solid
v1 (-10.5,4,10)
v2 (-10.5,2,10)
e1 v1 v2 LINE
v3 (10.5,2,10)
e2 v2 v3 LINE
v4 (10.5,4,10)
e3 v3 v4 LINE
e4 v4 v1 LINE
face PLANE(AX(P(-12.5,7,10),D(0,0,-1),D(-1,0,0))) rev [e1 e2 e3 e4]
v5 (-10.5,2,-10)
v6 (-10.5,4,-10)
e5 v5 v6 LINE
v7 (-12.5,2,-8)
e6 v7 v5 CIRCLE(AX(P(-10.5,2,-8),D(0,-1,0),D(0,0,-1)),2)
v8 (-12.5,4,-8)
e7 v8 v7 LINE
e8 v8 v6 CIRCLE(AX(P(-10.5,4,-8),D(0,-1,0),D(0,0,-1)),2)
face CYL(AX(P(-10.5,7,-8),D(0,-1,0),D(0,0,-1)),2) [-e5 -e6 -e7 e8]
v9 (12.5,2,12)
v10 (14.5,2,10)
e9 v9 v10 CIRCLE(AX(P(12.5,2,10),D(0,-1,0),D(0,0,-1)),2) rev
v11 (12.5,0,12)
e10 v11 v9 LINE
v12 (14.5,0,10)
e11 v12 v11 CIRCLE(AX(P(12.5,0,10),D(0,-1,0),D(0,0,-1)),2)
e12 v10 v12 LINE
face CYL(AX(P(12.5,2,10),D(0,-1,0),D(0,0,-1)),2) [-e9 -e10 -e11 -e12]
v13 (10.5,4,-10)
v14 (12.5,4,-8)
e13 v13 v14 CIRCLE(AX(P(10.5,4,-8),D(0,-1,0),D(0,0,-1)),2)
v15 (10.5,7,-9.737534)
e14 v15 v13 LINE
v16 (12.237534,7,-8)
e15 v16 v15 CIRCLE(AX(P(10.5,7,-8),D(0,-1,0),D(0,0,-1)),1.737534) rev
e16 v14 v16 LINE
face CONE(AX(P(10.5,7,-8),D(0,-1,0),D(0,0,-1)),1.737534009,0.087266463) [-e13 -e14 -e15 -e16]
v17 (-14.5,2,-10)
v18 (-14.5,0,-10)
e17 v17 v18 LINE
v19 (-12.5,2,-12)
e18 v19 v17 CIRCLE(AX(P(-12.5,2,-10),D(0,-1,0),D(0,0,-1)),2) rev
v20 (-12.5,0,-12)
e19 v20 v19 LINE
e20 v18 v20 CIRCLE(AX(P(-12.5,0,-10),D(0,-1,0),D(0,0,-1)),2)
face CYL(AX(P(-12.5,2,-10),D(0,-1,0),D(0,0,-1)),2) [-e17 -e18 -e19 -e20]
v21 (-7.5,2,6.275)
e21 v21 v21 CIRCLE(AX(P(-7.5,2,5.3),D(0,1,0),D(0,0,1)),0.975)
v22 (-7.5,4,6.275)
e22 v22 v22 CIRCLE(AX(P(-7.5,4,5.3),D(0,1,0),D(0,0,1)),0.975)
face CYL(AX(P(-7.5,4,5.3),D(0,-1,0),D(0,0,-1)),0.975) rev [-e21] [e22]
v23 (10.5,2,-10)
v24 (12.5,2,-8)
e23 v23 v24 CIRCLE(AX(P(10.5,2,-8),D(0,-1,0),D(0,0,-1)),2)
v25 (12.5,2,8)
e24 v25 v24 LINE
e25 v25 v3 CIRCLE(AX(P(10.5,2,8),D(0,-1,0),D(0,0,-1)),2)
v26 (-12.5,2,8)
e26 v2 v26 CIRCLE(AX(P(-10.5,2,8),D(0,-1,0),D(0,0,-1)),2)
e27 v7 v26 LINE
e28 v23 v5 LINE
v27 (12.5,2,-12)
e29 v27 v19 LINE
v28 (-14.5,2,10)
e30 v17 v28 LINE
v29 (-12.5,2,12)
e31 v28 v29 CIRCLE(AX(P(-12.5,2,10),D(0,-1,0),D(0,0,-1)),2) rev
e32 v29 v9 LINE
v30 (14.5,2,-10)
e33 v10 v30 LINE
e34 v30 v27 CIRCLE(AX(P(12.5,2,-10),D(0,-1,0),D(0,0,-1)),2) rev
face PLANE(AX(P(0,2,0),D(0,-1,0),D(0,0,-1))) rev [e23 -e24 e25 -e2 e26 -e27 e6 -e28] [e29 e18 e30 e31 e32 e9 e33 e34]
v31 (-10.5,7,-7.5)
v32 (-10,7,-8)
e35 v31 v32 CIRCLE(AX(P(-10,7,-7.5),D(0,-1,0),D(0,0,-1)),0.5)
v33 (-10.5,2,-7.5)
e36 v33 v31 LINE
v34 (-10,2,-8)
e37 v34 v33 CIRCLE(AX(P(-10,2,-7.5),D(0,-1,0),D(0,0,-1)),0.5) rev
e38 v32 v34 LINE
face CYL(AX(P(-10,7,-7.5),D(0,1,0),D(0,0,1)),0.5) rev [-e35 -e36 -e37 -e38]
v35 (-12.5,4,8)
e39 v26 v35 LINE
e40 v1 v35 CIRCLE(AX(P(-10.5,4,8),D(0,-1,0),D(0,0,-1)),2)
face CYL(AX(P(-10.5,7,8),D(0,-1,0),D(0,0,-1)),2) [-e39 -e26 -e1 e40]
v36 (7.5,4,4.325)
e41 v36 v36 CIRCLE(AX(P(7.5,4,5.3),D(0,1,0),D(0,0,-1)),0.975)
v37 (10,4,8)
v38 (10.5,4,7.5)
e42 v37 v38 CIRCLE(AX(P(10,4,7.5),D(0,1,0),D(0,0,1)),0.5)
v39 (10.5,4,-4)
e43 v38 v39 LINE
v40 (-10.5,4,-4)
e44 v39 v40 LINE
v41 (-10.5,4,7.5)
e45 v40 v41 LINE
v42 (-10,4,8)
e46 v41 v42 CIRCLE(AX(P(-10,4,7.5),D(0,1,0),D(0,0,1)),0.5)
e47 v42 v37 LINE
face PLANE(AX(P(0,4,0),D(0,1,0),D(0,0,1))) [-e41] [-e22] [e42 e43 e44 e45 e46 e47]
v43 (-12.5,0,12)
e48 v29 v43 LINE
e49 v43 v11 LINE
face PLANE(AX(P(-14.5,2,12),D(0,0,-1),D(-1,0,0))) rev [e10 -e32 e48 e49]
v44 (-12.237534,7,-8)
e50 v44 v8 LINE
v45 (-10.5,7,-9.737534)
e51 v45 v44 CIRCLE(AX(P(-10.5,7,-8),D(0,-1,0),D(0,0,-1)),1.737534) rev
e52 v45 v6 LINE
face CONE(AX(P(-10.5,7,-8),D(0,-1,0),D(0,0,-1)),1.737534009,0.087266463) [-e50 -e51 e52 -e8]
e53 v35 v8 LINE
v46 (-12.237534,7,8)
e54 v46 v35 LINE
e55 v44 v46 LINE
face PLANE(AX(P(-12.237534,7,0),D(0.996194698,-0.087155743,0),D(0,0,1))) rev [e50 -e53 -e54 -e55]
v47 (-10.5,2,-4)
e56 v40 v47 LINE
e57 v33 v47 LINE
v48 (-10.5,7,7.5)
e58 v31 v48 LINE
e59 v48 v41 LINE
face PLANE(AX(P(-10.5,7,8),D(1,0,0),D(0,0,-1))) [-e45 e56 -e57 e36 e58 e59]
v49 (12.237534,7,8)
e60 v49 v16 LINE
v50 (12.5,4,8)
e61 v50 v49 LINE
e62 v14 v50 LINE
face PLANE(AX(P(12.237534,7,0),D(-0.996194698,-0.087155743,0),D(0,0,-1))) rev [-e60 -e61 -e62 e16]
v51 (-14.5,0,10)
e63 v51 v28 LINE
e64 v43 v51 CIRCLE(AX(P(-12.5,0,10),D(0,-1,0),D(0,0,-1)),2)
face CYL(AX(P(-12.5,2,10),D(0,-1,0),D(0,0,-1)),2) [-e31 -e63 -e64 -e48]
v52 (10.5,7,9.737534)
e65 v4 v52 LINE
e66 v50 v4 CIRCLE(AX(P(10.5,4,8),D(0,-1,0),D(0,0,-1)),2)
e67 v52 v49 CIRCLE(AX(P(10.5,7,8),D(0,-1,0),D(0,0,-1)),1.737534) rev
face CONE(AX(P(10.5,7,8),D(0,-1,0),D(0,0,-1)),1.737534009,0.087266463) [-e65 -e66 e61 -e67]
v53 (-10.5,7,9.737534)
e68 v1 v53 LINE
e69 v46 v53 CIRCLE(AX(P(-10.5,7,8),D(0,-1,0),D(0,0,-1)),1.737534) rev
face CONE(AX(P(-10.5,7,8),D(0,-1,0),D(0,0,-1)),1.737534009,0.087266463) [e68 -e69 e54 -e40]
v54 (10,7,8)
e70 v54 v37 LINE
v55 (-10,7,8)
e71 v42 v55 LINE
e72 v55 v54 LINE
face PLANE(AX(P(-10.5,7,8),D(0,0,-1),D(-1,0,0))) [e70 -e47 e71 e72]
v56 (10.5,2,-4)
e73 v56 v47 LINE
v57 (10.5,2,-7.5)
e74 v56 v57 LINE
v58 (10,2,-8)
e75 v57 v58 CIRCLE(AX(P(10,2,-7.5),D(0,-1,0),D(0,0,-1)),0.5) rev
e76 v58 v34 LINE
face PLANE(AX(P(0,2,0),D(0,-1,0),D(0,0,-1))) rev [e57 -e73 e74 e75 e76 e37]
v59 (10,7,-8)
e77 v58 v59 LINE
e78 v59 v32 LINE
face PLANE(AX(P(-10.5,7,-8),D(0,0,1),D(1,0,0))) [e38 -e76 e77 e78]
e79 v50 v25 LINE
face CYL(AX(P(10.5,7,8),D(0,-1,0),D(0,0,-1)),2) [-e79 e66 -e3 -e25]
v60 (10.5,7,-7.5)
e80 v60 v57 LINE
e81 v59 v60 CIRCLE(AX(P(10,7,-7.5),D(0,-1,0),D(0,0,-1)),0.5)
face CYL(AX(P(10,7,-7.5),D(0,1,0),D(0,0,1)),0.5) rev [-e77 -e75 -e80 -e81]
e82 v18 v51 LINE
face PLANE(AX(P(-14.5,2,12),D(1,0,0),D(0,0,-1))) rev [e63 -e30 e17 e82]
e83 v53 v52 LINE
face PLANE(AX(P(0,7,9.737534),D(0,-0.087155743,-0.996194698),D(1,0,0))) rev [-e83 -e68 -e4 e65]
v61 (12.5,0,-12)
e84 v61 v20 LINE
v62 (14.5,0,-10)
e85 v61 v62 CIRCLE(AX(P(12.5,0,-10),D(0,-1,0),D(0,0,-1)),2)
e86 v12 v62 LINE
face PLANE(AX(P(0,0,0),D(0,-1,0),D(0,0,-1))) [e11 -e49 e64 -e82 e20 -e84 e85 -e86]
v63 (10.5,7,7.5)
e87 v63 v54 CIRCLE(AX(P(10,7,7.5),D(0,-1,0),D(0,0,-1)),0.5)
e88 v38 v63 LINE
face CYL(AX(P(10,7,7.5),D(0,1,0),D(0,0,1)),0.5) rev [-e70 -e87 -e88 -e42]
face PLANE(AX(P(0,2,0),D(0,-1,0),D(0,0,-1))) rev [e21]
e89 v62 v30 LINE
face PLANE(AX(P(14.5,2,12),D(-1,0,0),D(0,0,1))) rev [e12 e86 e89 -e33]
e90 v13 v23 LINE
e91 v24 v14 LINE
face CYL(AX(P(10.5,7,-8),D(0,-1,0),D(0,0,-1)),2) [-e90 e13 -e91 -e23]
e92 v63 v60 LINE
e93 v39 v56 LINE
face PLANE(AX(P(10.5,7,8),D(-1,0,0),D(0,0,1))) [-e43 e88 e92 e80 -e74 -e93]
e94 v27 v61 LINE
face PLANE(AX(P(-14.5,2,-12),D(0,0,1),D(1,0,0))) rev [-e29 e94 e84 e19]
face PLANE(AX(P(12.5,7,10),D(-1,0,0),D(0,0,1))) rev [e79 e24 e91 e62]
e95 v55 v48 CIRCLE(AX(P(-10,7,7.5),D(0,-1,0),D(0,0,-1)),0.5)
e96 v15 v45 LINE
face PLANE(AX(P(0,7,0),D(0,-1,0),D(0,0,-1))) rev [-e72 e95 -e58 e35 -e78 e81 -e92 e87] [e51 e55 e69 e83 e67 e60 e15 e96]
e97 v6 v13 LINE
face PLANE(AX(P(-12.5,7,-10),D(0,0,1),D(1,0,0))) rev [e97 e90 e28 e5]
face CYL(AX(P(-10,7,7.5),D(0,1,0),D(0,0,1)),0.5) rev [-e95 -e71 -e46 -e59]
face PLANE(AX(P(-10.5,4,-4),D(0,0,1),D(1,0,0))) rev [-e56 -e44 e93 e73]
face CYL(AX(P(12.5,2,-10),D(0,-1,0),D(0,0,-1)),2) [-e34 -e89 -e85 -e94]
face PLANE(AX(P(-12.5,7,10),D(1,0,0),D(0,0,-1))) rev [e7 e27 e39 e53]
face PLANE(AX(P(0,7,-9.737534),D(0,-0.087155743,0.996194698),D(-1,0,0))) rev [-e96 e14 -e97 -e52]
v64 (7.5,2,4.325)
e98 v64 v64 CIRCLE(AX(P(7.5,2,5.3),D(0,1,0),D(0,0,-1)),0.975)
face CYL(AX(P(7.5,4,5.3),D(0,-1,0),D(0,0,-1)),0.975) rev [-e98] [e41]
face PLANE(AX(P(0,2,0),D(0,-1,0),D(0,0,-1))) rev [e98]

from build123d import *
from OCP.BRepFilletAPI import BRepFilletAPI_MakeChamfer

# Parameters (mm, degrees)
SKETCH1_W           = 29
SKETCH1_H           = 24
BOSS_EXTRUDE1_DEPTH = 2
SKETCH2_W           = 25
SKETCH2_H           = 20
SKETCH2_W_2         = 21
SKETCH2_H_2         = 16
BOSS_EXTRUDE2_DEPTH = 5
SKETCH3_W           = 21
SKETCH3_H           = 12
SKETCH3_R           = 0.975
BOSS_EXTRUDE3_DEPTH = 2
FILLET1_R           = 2
FILLET5_R           = 0.5
CHAMFER1_SIZE       = 3
CHAMFER1_SIZE2      = 0.262465991


with BuildPart() as part:
    # Sketch1 → Boss-Extrude1 (new body)
    with BuildSketch(Plane(origin=(0, 0, 0), x_dir=(1, 0, 0), z_dir=(0, 1, 0))):
        Rectangle(SKETCH1_W, SKETCH1_H)
    extrude(amount=BOSS_EXTRUDE1_DEPTH)

    # Sketch2 → Boss-Extrude2 (add)
    with BuildSketch(Plane(origin=(0, 2, 0), x_dir=(1, 0, 0), z_dir=(0, 1, 0))):
        Rectangle(SKETCH2_W, SKETCH2_H)
        Rectangle(SKETCH2_W_2, SKETCH2_H_2, mode=Mode.SUBTRACT)
    extrude(amount=BOSS_EXTRUDE2_DEPTH)

    # Sketch3 → Boss-Extrude3 (add)
    with BuildSketch(Plane(origin=(0, 2, 0), x_dir=(1, 0, 0), z_dir=(0, 1, 0))):
        with Locations((0, -2)):
            Rectangle(SKETCH3_W, SKETCH3_H)
        with Locations(Location((-7.5, -5.3, 0), (0, 0, 270))):
            Circle(SKETCH3_R, mode=Mode.SUBTRACT)
        with Locations(Location((7.5, -5.3, 0), (0, 0, 90))):
            Circle(SKETCH3_R, mode=Mode.SUBTRACT)
    extrude(amount=BOSS_EXTRUDE3_DEPTH)

    # Fillet1
    fillet1_edges = [part.edges().sort_by_distance(p)[0] for p in [
        (-12.5, 4.5, -10),
        (-12.5, 4.5, 10),
        (12.5, 4.5, 10),
        (12.5, 4.5, -10),
        (14.5, 1, 12),
        (-14.5, 1, 12),
        (-14.5, 1, -12),
        (14.5, 1, -12),
    ]]
    fillet(fillet1_edges, radius=FILLET1_R)

    # Fillet5
    fillet5_edges = [part.edges().sort_by_distance(p)[0] for p in [
        (10.5, 4.5, -8),
        (-10.5, 4.5, -8),
        (-10.5, 5.5, 8),
        (10.5, 5.5, 8),
    ]]
    fillet(fillet5_edges, radius=FILLET5_R)

    # Chamfer1: one chamfer whose edges measure the first distance from different faces: ONE call of the kernel's chamfer builder (chamfer() names one face for all edges)
    chamfer1_edges_1 = [part.edges().sort_by_distance(p)[0] for p in [
        (0, 7, -10),
    ]]
    chamfer1_side_1 = [part.faces().sort_by_distance(p)[0] for p in [
        (0, 4.5, -10),
    ]]
    chamfer1_edges_2 = [part.edges().sort_by_distance(p)[0] for p in [
        (12.5, 7, 0),
    ]]
    chamfer1_side_2 = [part.faces().sort_by_distance(p)[0] for p in [
        (12.5, 4.5, 0),
    ]]
    chamfer1_edges_3 = [part.edges().sort_by_distance(p)[0] for p in [
        (-12.5, 7, 0),
    ]]
    chamfer1_side_3 = [part.faces().sort_by_distance(p)[0] for p in [
        (-12.5, 4.5, 0),
    ]]
    chamfer1_edges_4 = [part.edges().sort_by_distance(p)[0] for p in [
        (0, 7, 10),
    ]]
    chamfer1_side_4 = [part.faces().sort_by_distance(p)[0] for p in [
        (0, 4.5, 10),
    ]]
    chamfer1_edges_5 = [part.edges().sort_by_distance(p)[0] for p in [
        (-11.914213562, 7, -9.414213562),
    ]]
    chamfer1_side_5 = [part.faces().sort_by_distance(p)[0] for p in [
        (-11.914213562, 4.5, -9.414213562),
    ]]
    chamfer1_edges_6 = [part.edges().sort_by_distance(p)[0] for p in [
        (-11.914213562, 7, 9.414213562),
    ]]
    chamfer1_side_6 = [part.faces().sort_by_distance(p)[0] for p in [
        (-11.914213562, 4.5, 9.414213562),
    ]]
    chamfer1_edges_7 = [part.edges().sort_by_distance(p)[0] for p in [
        (11.914213562, 7, 9.414213562),
    ]]
    chamfer1_side_7 = [part.faces().sort_by_distance(p)[0] for p in [
        (11.914213562, 4.5, 9.414213562),
    ]]
    chamfer1_edges_8 = [part.edges().sort_by_distance(p)[0] for p in [
        (11.914213562, 7, -9.414213562),
    ]]
    chamfer1_side_8 = [part.faces().sort_by_distance(p)[0] for p in [
        (11.914213562, 4.5, -9.414213562),
    ]]
    chamfer1 = BRepFilletAPI_MakeChamfer(part.part.solid().wrapped)
    for e in chamfer1_edges_1:
        chamfer1.Add(CHAMFER1_SIZE, CHAMFER1_SIZE2, e.wrapped, chamfer1_side_1[0].wrapped)  # the first distance lies on this face
    for e in chamfer1_edges_2:
        chamfer1.Add(CHAMFER1_SIZE, CHAMFER1_SIZE2, e.wrapped, chamfer1_side_2[0].wrapped)  # the first distance lies on this face
    for e in chamfer1_edges_3:
        chamfer1.Add(CHAMFER1_SIZE, CHAMFER1_SIZE2, e.wrapped, chamfer1_side_3[0].wrapped)  # the first distance lies on this face
    for e in chamfer1_edges_4:
        chamfer1.Add(CHAMFER1_SIZE, CHAMFER1_SIZE2, e.wrapped, chamfer1_side_4[0].wrapped)  # the first distance lies on this face
    for e in chamfer1_edges_5:
        chamfer1.Add(CHAMFER1_SIZE, CHAMFER1_SIZE2, e.wrapped, chamfer1_side_5[0].wrapped)  # the first distance lies on this face
    for e in chamfer1_edges_6:
        chamfer1.Add(CHAMFER1_SIZE, CHAMFER1_SIZE2, e.wrapped, chamfer1_side_6[0].wrapped)  # the first distance lies on this face
    for e in chamfer1_edges_7:
        chamfer1.Add(CHAMFER1_SIZE, CHAMFER1_SIZE2, e.wrapped, chamfer1_side_7[0].wrapped)  # the first distance lies on this face
    for e in chamfer1_edges_8:
        chamfer1.Add(CHAMFER1_SIZE, CHAMFER1_SIZE2, e.wrapped, chamfer1_side_8[0].wrapped)  # the first distance lies on this face
    add(Compound.cast(chamfer1.Shape()), mode=Mode.REPLACE)


solid = part.part
